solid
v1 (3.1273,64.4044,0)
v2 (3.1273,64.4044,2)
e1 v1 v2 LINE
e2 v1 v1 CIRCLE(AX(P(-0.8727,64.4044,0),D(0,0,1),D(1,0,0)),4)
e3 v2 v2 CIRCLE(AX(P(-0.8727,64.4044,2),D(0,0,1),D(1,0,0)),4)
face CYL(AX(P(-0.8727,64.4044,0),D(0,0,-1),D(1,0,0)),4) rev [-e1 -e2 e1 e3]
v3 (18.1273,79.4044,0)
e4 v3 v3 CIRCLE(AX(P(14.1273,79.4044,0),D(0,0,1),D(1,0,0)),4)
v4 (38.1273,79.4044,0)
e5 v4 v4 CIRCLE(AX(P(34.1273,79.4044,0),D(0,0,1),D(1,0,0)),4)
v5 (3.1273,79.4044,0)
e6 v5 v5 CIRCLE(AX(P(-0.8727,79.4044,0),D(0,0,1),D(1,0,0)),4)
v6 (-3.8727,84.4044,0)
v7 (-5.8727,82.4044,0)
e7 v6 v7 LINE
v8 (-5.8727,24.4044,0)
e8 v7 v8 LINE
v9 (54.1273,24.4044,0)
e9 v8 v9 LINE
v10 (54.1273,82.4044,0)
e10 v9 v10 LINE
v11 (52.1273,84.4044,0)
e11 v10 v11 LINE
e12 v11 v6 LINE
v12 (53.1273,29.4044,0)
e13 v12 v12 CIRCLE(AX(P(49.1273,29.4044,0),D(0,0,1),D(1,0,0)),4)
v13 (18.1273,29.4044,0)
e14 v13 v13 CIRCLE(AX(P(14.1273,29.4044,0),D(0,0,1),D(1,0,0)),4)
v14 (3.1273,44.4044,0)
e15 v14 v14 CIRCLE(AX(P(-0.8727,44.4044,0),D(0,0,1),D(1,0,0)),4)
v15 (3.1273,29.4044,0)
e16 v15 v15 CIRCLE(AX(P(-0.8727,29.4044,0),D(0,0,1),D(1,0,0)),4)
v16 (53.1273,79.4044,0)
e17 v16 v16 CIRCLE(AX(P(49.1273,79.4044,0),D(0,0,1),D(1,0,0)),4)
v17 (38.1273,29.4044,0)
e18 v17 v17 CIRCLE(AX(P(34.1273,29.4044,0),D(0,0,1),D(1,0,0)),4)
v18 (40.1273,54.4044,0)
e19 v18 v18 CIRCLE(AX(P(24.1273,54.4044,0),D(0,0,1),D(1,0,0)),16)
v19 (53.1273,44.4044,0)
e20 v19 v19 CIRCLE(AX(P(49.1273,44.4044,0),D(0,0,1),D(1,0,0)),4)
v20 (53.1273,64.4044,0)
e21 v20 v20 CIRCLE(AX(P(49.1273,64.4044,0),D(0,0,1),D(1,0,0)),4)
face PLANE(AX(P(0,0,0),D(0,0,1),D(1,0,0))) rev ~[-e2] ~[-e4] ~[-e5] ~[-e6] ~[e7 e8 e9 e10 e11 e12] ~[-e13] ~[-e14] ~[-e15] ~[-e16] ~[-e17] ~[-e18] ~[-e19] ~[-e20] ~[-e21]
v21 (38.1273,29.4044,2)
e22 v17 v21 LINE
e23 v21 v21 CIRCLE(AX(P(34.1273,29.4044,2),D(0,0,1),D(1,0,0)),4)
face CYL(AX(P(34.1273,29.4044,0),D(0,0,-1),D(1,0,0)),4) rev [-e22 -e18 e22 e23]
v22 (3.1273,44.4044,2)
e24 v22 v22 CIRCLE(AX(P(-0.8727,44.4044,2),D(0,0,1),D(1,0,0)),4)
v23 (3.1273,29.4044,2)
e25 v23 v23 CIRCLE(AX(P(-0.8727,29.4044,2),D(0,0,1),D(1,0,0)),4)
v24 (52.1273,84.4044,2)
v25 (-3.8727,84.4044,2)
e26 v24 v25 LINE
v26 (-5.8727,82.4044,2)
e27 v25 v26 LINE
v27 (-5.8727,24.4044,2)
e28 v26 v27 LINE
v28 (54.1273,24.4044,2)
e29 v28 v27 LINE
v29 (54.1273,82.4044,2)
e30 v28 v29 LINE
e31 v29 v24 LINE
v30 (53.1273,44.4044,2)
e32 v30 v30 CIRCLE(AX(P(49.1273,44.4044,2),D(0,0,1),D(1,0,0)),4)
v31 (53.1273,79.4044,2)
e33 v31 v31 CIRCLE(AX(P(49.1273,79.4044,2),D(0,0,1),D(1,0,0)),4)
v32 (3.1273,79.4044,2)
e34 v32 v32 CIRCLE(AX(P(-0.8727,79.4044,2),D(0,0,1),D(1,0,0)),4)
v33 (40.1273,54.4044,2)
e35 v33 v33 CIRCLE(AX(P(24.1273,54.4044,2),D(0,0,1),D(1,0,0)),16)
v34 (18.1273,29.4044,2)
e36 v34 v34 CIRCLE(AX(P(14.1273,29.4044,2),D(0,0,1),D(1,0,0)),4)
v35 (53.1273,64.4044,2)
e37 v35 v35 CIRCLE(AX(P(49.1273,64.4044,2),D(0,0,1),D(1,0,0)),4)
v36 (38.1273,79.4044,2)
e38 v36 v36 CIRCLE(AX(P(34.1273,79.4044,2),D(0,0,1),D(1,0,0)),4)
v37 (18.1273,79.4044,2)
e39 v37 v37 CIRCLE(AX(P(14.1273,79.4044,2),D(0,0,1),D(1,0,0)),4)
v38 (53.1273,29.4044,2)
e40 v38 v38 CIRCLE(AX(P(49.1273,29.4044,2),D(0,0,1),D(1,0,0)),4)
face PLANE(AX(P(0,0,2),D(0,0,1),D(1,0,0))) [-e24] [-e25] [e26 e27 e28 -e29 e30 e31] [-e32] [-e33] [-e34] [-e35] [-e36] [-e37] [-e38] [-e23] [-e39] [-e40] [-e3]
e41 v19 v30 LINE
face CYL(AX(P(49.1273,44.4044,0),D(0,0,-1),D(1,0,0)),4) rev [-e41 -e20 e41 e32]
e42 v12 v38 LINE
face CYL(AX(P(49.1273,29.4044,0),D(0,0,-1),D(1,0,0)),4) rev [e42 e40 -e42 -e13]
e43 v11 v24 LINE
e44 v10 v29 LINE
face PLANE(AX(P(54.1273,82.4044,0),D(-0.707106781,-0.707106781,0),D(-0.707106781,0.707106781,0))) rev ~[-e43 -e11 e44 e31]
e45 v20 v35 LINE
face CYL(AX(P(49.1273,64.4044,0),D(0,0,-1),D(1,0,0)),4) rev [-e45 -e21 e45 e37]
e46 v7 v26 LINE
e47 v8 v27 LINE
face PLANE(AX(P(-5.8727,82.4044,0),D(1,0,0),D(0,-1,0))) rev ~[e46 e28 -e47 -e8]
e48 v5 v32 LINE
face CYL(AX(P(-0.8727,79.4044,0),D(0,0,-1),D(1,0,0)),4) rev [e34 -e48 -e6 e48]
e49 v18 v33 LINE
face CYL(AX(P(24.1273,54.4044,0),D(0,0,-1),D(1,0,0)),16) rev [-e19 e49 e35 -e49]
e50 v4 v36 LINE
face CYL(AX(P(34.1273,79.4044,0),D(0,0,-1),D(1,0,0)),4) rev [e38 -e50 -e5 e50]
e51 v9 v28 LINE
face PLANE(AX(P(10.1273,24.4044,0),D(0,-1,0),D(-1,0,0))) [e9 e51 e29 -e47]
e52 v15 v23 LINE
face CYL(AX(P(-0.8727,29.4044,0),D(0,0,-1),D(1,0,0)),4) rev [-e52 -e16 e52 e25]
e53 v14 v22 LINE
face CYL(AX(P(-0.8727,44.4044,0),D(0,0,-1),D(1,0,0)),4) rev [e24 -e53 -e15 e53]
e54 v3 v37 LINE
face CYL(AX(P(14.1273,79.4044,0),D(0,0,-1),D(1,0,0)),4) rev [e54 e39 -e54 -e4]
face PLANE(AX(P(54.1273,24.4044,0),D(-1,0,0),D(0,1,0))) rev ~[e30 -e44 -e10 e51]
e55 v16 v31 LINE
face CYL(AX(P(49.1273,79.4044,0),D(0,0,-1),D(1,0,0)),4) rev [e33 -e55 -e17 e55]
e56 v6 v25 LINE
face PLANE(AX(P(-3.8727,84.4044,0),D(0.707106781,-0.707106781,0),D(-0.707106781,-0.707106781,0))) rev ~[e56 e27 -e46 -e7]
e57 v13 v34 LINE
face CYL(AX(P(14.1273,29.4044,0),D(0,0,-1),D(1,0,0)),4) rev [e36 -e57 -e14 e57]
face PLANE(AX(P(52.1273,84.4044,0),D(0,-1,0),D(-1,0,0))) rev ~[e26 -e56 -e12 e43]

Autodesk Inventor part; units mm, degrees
ref_plane "YZ Plane" through (0, 0, 0) normal (1, 0, 0) x (0, 1, 0)
ref_plane "XZ Plane" through (0, 0, 0) normal (0, 1, 0) x (-1, 0, 0)
ref_plane "XY Plane" through (0, 0, 0) normal (0, 0, 1) x (1, 0, 0)
ref_plane "Work Plane1" through (0, 0, 0) normal (0, 0, 1) x (1, 0, 0)
sketch "Sketch1" plane through (0, 0, 0) normal (0, 0, 1) x (1, 0, 0)
  circle A0 centre (24.1273, 54.4044) radius 16 projected
  circle A1 centre (34.1273, 29.4044) radius 4 projected
  circle A2 centre (49.1273, 64.4044) radius 4 projected
  circle A3 centre (14.1273, 79.4044) radius 4 projected
  circle A4 centre (-0.8727, 44.4044) radius 4 projected
  circle A5 centre (-0.8727, 64.4044) radius 4 projected
  circle A6 centre (34.1273, 79.4044) radius 4 projected
  circle A7 centre (49.1273, 44.4044) radius 4 projected
  circle A8 centre (14.1273, 29.4044) radius 4 projected
  arc A9 (-5.8727, -21.5956) -> (-1.8727, -25.5956) centre (-1.8727, -21.5956) ccw projected
  line L0 (-1.8727, -25.5956) -> (2.1273, -25.5956) projected
  arc A10 (2.1273, -25.5956) -> (6.1273, -21.5956) centre (2.1273, -21.5956) ccw projected
  line L1 (6.1273, -21.5956) -> (6.1273, 20.4044) projected
  arc A11 (10.1273, 24.4044) -> (6.1273, 20.4044) centre (10.1273, 20.4044) ccw projected
  line L2 (10.1273, 24.4044) -> (38.1273, 24.4044) projected
  arc A12 (42.1273, 20.4044) -> (38.1273, 24.4044) centre (38.1273, 20.4044) ccw projected
  line L3 (42.1273, 20.4044) -> (42.1273, -21.5956) projected
  arc A13 (42.1273, -21.5956) -> (46.1273, -25.5956) centre (46.1273, -21.5956) ccw projected
  line L4 (46.1273, -25.5956) -> (50.1273, -25.5956) projected
  arc A14 (50.1273, -25.5956) -> (54.1273, -21.5956) centre (50.1273, -21.5956) ccw projected
  line L5 (54.1273, -21.5956) -> (54.1273, 82.4044) projected
  line L6 (54.1273, 82.4044) -> (52.1273, 84.4044) projected
  line L7 (52.1273, 84.4044) -> (-3.8727, 84.4044) projected
  line L8 (-3.8727, 84.4044) -> (-5.8727, 82.4044) projected
  line L9 (-5.8727, 82.4044) -> (-5.8727, -21.5956) projected
  line L10 (-5.8727, 84.4044) -> (54.1273, 84.4044)
  line L11 (54.1273, 84.4044) -> (54.1273, 24.4044)
  line L12 (54.1273, 24.4044) -> (-5.8727, 24.4044)
  line L13 (-5.8727, 24.4044) -> (-5.8727, 84.4044)
  line L14 (-5.8727, 84.4044) -> (54.1273, 24.4044) construction
  line L15 (54.1273, 84.4044) -> (-5.8727, 24.4044) construction
  circle A15 centre (24.1273, 54.4044) radius 16 projected
  circle A16 centre (34.1273, 29.4044) radius 4 projected
  circle A17 centre (49.1273, 64.4044) radius 4 projected
  circle A18 centre (14.1273, 79.4044) radius 4 projected
  circle A19 centre (-0.8727, 44.4044) radius 4 projected
  circle A20 centre (-0.8727, 64.4044) radius 4 projected
  circle A21 centre (34.1273, 79.4044) radius 4 projected
  circle A22 centre (49.1273, 44.4044) radius 4 projected
  circle A23 centre (14.1273, 29.4044) radius 4 projected
  arc A24 (-5.8727, -21.5956) -> (-1.8727, -25.5956) centre (-1.8727, -21.5956) ccw projected
  line L16 (-1.8727, -25.5956) -> (2.1273, -25.5956) projected
  arc A25 (2.1273, -25.5956) -> (6.1273, -21.5956) centre (2.1273, -21.5956) ccw projected
  line L17 (6.1273, -21.5956) -> (6.1273, 20.4044) projected
  arc A26 (10.1273, 24.4044) -> (6.1273, 20.4044) centre (10.1273, 20.4044) ccw projected
  line L18 (10.1273, 24.4044) -> (38.1273, 24.4044) projected
  arc A27 (42.1273, 20.4044) -> (38.1273, 24.4044) centre (38.1273, 20.4044) ccw projected
  line L19 (42.1273, 20.4044) -> (42.1273, -21.5956) projected
  arc A28 (42.1273, -21.5956) -> (46.1273, -25.5956) centre (46.1273, -21.5956) ccw projected
  line L20 (46.1273, -25.5956) -> (50.1273, -25.5956) projected
  arc A29 (50.1273, -25.5956) -> (54.1273, -21.5956) centre (50.1273, -21.5956) ccw projected
  line L21 (54.1273, -21.5956) -> (54.1273, 82.4044) projected
  line L22 (54.1273, 82.4044) -> (52.1273, 84.4044) projected
  line L23 (52.1273, 84.4044) -> (-3.8727, 84.4044) projected
  line L24 (-3.8727, 84.4044) -> (-5.8727, 82.4044) projected
  line L25 (-5.8727, 82.4044) -> (-5.8727, -21.5956) projected
  circle A30 centre (-0.8727, 29.4044) radius 4 projected
  circle A31 centre (-0.8727, 79.4044) radius 4 projected
  circle A32 centre (49.1273, 29.4044) radius 4 projected
  circle A33 centre (41.6273, 36.9044) radius 1.95 projected
  circle A34 centre (41.6273, 71.9044) radius 1.95 projected
  circle A35 centre (6.6273, 71.9044) radius 1.95 projected
  circle A36 centre (-0.8727, 29.4044) radius 4 projected
  circle A37 centre (-0.8727, 79.4044) radius 4 projected
  circle A38 centre (49.1273, 29.4044) radius 4 projected
  circle A39 centre (41.6273, 36.9044) radius 1.95 projected
  circle A40 centre (41.6273, 71.9044) radius 1.95 projected
  circle A41 centre (6.6273, 71.9044) radius 1.95 projected
  circle A42 centre (49.1273, 79.4044) radius 4 projected
  circle A43 centre (49.1273, 79.4044) radius 4 projected
  point P0 (0, 0)
extrude "Extrusion1" add sketch "Sketch1" along normal blind 2 contours L9 L8 L7 L6 L5 L12 L2 | A33 | A34 | A35
properties part number "cellSTORM_UC2_motorized_xystage_spacer"
